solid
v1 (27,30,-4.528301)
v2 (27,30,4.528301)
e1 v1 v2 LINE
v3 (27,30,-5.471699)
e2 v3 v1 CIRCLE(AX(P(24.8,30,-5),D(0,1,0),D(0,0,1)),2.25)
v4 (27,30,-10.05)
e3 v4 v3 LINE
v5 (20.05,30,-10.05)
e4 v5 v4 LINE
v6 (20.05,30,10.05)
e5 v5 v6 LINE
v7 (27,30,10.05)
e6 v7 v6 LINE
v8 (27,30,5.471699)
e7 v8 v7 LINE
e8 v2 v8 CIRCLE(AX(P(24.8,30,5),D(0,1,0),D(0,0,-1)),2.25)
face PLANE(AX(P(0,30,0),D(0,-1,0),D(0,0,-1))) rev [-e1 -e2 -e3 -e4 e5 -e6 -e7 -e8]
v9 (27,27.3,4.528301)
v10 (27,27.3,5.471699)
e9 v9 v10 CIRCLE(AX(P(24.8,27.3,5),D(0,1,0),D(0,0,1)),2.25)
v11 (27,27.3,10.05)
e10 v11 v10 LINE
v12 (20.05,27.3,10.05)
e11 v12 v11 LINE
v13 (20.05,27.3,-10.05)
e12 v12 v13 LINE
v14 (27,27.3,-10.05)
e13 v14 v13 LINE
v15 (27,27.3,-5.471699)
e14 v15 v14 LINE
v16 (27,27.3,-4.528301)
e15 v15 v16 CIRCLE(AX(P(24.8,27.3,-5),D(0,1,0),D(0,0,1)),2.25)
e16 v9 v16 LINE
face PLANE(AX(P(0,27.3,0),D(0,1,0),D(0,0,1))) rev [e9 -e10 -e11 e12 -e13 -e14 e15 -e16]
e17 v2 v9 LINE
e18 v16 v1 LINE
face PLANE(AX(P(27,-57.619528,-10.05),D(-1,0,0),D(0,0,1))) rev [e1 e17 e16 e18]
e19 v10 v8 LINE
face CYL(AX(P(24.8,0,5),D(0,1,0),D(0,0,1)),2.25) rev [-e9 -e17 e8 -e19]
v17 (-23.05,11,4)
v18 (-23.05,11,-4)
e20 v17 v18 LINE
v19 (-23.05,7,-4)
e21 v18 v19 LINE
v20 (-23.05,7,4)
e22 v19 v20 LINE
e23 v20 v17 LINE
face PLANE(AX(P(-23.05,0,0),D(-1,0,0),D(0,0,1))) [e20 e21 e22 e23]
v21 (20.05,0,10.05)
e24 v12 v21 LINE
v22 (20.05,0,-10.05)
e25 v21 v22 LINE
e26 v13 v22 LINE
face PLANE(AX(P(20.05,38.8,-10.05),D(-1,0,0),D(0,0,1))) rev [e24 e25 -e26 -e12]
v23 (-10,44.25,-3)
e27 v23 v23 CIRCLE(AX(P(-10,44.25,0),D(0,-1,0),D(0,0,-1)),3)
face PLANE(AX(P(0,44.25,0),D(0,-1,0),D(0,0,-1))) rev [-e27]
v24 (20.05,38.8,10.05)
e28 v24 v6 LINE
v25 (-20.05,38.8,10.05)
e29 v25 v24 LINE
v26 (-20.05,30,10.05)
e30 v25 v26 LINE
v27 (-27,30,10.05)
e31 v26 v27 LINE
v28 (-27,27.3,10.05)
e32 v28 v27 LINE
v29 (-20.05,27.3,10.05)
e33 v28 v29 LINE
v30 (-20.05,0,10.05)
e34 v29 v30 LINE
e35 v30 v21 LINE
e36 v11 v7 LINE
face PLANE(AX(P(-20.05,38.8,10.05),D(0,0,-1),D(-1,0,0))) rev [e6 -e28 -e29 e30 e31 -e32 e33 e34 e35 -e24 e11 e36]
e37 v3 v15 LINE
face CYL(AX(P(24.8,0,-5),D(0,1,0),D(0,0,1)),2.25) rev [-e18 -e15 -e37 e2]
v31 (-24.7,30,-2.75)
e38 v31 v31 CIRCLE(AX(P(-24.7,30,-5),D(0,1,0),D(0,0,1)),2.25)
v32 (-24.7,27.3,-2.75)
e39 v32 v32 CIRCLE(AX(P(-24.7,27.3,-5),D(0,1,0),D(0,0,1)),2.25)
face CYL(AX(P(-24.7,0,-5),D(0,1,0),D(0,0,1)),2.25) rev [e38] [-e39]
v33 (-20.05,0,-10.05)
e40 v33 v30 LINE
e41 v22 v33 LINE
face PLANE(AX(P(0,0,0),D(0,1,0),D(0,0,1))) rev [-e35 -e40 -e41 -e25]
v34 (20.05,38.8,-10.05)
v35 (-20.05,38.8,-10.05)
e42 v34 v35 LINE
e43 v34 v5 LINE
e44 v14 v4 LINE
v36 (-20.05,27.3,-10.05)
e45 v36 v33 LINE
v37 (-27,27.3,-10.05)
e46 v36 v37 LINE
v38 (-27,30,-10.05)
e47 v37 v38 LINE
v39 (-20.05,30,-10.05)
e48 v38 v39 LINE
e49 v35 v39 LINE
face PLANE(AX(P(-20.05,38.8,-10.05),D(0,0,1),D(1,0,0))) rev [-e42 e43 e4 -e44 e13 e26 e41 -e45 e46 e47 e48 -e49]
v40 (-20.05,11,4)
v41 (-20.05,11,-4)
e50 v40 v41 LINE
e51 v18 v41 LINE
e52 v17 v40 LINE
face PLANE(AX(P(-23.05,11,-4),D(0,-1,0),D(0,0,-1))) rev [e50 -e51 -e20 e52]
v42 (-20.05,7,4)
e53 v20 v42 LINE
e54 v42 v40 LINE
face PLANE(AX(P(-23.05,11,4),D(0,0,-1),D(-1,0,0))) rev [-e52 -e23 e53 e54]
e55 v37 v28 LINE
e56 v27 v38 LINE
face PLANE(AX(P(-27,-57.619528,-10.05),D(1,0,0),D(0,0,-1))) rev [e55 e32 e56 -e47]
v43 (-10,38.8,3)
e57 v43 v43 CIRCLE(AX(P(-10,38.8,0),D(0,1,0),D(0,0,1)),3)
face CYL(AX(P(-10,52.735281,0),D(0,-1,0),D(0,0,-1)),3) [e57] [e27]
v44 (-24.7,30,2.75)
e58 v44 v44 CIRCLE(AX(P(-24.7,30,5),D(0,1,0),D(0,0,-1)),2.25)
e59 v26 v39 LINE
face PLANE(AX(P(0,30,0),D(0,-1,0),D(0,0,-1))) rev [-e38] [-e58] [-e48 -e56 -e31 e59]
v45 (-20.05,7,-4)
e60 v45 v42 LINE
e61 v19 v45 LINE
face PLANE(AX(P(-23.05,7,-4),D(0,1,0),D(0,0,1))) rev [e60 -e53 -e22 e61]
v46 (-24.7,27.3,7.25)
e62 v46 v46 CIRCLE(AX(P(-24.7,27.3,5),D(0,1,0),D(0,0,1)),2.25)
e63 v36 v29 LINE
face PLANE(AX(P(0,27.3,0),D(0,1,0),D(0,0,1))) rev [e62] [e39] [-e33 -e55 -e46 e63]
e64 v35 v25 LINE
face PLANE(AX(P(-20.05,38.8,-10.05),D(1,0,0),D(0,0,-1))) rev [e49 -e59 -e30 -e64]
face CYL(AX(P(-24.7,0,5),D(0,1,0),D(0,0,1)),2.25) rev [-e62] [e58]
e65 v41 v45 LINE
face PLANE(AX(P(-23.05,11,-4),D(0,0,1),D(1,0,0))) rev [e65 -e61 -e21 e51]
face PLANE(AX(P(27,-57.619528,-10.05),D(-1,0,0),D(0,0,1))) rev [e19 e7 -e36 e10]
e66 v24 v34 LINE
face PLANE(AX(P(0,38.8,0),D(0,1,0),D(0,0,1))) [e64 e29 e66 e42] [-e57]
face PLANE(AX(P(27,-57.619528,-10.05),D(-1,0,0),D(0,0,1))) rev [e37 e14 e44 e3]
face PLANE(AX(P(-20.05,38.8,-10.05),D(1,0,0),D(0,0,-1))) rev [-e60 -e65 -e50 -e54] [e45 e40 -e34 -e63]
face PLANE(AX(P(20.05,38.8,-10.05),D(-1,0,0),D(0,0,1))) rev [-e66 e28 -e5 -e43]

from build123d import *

# Parameters (mm, degrees)
SKETCH_1_W          = 40.1
SKETCH_1_H          = 20.1
EXTRUDE_2_DEPTH     = 38.8
SKETCH_2_W          = 54
SKETCH_2_H          = 20.1
EXTRUDE_3_DEPTH     = 2.7
SKETCH_4_R          = 3
EXTRUDE_4_DEPTH     = 5.45
SKETCH_5_R          = 2.25
CUT_EXTRUDE_1_DEPTH = 31
SKETCH_6_W          = 8
SKETCH_6_H          = 4
EXTRUDE_5_DEPTH     = 3


with BuildPart() as part:
    # ｽｹｯﾁ1 → ﾎﾞｽ - 押し出し2 (new body)
    with BuildSketch(Plane(origin=(0, 0, 0), x_dir=(1, 0, 0), z_dir=(0, 1, 0))):
        Rectangle(SKETCH_1_W, SKETCH_1_H)
    extrude(amount=EXTRUDE_2_DEPTH)

    # ｽｹｯﾁ2 → ﾎﾞｽ - 押し出し3 (add)
    with BuildSketch(Plane(origin=(0, 30, 0), x_dir=(-1, 0, 0), z_dir=(0, -1, 0))):
        Rectangle(SKETCH_2_W, SKETCH_2_H)
    extrude(amount=EXTRUDE_3_DEPTH)

    # ｽｹｯﾁ4 → ﾎﾞｽ - 押し出し4 (add)
    with BuildSketch(Plane(origin=(0, 38.8, 0), x_dir=(1, 0, 0), z_dir=(0, 1, 0))):
        with Locations((-10, 0)):
            Circle(SKETCH_4_R)
    extrude(amount=EXTRUDE_4_DEPTH)

    # ｽｹｯﾁ5 → ｶｯﾄ - 押し出し1 (cut, through all)
    with BuildSketch(Plane(origin=(0, 30, 0), x_dir=(1, 0, 0), z_dir=(0, 1, 0))):
        with Locations((24.8, 5)):
            Circle(SKETCH_5_R)
        with Locations((24.8, -5)):
            Circle(SKETCH_5_R)
        with Locations((-24.7, 5)):
            Circle(SKETCH_5_R)
        with Locations((-24.7, -5)):
            Circle(SKETCH_5_R)
    extrude(amount=-CUT_EXTRUDE_1_DEPTH, mode=Mode.SUBTRACT)

    # ｽｹｯﾁ6 → ﾎﾞｽ - 押し出し5 (add)
    with BuildSketch(Plane.ZY.offset(20.05)):
        with Locations((0, 9)):
            Rectangle(SKETCH_6_W, SKETCH_6_H)
    extrude(amount=EXTRUDE_5_DEPTH)


solid = part.part
